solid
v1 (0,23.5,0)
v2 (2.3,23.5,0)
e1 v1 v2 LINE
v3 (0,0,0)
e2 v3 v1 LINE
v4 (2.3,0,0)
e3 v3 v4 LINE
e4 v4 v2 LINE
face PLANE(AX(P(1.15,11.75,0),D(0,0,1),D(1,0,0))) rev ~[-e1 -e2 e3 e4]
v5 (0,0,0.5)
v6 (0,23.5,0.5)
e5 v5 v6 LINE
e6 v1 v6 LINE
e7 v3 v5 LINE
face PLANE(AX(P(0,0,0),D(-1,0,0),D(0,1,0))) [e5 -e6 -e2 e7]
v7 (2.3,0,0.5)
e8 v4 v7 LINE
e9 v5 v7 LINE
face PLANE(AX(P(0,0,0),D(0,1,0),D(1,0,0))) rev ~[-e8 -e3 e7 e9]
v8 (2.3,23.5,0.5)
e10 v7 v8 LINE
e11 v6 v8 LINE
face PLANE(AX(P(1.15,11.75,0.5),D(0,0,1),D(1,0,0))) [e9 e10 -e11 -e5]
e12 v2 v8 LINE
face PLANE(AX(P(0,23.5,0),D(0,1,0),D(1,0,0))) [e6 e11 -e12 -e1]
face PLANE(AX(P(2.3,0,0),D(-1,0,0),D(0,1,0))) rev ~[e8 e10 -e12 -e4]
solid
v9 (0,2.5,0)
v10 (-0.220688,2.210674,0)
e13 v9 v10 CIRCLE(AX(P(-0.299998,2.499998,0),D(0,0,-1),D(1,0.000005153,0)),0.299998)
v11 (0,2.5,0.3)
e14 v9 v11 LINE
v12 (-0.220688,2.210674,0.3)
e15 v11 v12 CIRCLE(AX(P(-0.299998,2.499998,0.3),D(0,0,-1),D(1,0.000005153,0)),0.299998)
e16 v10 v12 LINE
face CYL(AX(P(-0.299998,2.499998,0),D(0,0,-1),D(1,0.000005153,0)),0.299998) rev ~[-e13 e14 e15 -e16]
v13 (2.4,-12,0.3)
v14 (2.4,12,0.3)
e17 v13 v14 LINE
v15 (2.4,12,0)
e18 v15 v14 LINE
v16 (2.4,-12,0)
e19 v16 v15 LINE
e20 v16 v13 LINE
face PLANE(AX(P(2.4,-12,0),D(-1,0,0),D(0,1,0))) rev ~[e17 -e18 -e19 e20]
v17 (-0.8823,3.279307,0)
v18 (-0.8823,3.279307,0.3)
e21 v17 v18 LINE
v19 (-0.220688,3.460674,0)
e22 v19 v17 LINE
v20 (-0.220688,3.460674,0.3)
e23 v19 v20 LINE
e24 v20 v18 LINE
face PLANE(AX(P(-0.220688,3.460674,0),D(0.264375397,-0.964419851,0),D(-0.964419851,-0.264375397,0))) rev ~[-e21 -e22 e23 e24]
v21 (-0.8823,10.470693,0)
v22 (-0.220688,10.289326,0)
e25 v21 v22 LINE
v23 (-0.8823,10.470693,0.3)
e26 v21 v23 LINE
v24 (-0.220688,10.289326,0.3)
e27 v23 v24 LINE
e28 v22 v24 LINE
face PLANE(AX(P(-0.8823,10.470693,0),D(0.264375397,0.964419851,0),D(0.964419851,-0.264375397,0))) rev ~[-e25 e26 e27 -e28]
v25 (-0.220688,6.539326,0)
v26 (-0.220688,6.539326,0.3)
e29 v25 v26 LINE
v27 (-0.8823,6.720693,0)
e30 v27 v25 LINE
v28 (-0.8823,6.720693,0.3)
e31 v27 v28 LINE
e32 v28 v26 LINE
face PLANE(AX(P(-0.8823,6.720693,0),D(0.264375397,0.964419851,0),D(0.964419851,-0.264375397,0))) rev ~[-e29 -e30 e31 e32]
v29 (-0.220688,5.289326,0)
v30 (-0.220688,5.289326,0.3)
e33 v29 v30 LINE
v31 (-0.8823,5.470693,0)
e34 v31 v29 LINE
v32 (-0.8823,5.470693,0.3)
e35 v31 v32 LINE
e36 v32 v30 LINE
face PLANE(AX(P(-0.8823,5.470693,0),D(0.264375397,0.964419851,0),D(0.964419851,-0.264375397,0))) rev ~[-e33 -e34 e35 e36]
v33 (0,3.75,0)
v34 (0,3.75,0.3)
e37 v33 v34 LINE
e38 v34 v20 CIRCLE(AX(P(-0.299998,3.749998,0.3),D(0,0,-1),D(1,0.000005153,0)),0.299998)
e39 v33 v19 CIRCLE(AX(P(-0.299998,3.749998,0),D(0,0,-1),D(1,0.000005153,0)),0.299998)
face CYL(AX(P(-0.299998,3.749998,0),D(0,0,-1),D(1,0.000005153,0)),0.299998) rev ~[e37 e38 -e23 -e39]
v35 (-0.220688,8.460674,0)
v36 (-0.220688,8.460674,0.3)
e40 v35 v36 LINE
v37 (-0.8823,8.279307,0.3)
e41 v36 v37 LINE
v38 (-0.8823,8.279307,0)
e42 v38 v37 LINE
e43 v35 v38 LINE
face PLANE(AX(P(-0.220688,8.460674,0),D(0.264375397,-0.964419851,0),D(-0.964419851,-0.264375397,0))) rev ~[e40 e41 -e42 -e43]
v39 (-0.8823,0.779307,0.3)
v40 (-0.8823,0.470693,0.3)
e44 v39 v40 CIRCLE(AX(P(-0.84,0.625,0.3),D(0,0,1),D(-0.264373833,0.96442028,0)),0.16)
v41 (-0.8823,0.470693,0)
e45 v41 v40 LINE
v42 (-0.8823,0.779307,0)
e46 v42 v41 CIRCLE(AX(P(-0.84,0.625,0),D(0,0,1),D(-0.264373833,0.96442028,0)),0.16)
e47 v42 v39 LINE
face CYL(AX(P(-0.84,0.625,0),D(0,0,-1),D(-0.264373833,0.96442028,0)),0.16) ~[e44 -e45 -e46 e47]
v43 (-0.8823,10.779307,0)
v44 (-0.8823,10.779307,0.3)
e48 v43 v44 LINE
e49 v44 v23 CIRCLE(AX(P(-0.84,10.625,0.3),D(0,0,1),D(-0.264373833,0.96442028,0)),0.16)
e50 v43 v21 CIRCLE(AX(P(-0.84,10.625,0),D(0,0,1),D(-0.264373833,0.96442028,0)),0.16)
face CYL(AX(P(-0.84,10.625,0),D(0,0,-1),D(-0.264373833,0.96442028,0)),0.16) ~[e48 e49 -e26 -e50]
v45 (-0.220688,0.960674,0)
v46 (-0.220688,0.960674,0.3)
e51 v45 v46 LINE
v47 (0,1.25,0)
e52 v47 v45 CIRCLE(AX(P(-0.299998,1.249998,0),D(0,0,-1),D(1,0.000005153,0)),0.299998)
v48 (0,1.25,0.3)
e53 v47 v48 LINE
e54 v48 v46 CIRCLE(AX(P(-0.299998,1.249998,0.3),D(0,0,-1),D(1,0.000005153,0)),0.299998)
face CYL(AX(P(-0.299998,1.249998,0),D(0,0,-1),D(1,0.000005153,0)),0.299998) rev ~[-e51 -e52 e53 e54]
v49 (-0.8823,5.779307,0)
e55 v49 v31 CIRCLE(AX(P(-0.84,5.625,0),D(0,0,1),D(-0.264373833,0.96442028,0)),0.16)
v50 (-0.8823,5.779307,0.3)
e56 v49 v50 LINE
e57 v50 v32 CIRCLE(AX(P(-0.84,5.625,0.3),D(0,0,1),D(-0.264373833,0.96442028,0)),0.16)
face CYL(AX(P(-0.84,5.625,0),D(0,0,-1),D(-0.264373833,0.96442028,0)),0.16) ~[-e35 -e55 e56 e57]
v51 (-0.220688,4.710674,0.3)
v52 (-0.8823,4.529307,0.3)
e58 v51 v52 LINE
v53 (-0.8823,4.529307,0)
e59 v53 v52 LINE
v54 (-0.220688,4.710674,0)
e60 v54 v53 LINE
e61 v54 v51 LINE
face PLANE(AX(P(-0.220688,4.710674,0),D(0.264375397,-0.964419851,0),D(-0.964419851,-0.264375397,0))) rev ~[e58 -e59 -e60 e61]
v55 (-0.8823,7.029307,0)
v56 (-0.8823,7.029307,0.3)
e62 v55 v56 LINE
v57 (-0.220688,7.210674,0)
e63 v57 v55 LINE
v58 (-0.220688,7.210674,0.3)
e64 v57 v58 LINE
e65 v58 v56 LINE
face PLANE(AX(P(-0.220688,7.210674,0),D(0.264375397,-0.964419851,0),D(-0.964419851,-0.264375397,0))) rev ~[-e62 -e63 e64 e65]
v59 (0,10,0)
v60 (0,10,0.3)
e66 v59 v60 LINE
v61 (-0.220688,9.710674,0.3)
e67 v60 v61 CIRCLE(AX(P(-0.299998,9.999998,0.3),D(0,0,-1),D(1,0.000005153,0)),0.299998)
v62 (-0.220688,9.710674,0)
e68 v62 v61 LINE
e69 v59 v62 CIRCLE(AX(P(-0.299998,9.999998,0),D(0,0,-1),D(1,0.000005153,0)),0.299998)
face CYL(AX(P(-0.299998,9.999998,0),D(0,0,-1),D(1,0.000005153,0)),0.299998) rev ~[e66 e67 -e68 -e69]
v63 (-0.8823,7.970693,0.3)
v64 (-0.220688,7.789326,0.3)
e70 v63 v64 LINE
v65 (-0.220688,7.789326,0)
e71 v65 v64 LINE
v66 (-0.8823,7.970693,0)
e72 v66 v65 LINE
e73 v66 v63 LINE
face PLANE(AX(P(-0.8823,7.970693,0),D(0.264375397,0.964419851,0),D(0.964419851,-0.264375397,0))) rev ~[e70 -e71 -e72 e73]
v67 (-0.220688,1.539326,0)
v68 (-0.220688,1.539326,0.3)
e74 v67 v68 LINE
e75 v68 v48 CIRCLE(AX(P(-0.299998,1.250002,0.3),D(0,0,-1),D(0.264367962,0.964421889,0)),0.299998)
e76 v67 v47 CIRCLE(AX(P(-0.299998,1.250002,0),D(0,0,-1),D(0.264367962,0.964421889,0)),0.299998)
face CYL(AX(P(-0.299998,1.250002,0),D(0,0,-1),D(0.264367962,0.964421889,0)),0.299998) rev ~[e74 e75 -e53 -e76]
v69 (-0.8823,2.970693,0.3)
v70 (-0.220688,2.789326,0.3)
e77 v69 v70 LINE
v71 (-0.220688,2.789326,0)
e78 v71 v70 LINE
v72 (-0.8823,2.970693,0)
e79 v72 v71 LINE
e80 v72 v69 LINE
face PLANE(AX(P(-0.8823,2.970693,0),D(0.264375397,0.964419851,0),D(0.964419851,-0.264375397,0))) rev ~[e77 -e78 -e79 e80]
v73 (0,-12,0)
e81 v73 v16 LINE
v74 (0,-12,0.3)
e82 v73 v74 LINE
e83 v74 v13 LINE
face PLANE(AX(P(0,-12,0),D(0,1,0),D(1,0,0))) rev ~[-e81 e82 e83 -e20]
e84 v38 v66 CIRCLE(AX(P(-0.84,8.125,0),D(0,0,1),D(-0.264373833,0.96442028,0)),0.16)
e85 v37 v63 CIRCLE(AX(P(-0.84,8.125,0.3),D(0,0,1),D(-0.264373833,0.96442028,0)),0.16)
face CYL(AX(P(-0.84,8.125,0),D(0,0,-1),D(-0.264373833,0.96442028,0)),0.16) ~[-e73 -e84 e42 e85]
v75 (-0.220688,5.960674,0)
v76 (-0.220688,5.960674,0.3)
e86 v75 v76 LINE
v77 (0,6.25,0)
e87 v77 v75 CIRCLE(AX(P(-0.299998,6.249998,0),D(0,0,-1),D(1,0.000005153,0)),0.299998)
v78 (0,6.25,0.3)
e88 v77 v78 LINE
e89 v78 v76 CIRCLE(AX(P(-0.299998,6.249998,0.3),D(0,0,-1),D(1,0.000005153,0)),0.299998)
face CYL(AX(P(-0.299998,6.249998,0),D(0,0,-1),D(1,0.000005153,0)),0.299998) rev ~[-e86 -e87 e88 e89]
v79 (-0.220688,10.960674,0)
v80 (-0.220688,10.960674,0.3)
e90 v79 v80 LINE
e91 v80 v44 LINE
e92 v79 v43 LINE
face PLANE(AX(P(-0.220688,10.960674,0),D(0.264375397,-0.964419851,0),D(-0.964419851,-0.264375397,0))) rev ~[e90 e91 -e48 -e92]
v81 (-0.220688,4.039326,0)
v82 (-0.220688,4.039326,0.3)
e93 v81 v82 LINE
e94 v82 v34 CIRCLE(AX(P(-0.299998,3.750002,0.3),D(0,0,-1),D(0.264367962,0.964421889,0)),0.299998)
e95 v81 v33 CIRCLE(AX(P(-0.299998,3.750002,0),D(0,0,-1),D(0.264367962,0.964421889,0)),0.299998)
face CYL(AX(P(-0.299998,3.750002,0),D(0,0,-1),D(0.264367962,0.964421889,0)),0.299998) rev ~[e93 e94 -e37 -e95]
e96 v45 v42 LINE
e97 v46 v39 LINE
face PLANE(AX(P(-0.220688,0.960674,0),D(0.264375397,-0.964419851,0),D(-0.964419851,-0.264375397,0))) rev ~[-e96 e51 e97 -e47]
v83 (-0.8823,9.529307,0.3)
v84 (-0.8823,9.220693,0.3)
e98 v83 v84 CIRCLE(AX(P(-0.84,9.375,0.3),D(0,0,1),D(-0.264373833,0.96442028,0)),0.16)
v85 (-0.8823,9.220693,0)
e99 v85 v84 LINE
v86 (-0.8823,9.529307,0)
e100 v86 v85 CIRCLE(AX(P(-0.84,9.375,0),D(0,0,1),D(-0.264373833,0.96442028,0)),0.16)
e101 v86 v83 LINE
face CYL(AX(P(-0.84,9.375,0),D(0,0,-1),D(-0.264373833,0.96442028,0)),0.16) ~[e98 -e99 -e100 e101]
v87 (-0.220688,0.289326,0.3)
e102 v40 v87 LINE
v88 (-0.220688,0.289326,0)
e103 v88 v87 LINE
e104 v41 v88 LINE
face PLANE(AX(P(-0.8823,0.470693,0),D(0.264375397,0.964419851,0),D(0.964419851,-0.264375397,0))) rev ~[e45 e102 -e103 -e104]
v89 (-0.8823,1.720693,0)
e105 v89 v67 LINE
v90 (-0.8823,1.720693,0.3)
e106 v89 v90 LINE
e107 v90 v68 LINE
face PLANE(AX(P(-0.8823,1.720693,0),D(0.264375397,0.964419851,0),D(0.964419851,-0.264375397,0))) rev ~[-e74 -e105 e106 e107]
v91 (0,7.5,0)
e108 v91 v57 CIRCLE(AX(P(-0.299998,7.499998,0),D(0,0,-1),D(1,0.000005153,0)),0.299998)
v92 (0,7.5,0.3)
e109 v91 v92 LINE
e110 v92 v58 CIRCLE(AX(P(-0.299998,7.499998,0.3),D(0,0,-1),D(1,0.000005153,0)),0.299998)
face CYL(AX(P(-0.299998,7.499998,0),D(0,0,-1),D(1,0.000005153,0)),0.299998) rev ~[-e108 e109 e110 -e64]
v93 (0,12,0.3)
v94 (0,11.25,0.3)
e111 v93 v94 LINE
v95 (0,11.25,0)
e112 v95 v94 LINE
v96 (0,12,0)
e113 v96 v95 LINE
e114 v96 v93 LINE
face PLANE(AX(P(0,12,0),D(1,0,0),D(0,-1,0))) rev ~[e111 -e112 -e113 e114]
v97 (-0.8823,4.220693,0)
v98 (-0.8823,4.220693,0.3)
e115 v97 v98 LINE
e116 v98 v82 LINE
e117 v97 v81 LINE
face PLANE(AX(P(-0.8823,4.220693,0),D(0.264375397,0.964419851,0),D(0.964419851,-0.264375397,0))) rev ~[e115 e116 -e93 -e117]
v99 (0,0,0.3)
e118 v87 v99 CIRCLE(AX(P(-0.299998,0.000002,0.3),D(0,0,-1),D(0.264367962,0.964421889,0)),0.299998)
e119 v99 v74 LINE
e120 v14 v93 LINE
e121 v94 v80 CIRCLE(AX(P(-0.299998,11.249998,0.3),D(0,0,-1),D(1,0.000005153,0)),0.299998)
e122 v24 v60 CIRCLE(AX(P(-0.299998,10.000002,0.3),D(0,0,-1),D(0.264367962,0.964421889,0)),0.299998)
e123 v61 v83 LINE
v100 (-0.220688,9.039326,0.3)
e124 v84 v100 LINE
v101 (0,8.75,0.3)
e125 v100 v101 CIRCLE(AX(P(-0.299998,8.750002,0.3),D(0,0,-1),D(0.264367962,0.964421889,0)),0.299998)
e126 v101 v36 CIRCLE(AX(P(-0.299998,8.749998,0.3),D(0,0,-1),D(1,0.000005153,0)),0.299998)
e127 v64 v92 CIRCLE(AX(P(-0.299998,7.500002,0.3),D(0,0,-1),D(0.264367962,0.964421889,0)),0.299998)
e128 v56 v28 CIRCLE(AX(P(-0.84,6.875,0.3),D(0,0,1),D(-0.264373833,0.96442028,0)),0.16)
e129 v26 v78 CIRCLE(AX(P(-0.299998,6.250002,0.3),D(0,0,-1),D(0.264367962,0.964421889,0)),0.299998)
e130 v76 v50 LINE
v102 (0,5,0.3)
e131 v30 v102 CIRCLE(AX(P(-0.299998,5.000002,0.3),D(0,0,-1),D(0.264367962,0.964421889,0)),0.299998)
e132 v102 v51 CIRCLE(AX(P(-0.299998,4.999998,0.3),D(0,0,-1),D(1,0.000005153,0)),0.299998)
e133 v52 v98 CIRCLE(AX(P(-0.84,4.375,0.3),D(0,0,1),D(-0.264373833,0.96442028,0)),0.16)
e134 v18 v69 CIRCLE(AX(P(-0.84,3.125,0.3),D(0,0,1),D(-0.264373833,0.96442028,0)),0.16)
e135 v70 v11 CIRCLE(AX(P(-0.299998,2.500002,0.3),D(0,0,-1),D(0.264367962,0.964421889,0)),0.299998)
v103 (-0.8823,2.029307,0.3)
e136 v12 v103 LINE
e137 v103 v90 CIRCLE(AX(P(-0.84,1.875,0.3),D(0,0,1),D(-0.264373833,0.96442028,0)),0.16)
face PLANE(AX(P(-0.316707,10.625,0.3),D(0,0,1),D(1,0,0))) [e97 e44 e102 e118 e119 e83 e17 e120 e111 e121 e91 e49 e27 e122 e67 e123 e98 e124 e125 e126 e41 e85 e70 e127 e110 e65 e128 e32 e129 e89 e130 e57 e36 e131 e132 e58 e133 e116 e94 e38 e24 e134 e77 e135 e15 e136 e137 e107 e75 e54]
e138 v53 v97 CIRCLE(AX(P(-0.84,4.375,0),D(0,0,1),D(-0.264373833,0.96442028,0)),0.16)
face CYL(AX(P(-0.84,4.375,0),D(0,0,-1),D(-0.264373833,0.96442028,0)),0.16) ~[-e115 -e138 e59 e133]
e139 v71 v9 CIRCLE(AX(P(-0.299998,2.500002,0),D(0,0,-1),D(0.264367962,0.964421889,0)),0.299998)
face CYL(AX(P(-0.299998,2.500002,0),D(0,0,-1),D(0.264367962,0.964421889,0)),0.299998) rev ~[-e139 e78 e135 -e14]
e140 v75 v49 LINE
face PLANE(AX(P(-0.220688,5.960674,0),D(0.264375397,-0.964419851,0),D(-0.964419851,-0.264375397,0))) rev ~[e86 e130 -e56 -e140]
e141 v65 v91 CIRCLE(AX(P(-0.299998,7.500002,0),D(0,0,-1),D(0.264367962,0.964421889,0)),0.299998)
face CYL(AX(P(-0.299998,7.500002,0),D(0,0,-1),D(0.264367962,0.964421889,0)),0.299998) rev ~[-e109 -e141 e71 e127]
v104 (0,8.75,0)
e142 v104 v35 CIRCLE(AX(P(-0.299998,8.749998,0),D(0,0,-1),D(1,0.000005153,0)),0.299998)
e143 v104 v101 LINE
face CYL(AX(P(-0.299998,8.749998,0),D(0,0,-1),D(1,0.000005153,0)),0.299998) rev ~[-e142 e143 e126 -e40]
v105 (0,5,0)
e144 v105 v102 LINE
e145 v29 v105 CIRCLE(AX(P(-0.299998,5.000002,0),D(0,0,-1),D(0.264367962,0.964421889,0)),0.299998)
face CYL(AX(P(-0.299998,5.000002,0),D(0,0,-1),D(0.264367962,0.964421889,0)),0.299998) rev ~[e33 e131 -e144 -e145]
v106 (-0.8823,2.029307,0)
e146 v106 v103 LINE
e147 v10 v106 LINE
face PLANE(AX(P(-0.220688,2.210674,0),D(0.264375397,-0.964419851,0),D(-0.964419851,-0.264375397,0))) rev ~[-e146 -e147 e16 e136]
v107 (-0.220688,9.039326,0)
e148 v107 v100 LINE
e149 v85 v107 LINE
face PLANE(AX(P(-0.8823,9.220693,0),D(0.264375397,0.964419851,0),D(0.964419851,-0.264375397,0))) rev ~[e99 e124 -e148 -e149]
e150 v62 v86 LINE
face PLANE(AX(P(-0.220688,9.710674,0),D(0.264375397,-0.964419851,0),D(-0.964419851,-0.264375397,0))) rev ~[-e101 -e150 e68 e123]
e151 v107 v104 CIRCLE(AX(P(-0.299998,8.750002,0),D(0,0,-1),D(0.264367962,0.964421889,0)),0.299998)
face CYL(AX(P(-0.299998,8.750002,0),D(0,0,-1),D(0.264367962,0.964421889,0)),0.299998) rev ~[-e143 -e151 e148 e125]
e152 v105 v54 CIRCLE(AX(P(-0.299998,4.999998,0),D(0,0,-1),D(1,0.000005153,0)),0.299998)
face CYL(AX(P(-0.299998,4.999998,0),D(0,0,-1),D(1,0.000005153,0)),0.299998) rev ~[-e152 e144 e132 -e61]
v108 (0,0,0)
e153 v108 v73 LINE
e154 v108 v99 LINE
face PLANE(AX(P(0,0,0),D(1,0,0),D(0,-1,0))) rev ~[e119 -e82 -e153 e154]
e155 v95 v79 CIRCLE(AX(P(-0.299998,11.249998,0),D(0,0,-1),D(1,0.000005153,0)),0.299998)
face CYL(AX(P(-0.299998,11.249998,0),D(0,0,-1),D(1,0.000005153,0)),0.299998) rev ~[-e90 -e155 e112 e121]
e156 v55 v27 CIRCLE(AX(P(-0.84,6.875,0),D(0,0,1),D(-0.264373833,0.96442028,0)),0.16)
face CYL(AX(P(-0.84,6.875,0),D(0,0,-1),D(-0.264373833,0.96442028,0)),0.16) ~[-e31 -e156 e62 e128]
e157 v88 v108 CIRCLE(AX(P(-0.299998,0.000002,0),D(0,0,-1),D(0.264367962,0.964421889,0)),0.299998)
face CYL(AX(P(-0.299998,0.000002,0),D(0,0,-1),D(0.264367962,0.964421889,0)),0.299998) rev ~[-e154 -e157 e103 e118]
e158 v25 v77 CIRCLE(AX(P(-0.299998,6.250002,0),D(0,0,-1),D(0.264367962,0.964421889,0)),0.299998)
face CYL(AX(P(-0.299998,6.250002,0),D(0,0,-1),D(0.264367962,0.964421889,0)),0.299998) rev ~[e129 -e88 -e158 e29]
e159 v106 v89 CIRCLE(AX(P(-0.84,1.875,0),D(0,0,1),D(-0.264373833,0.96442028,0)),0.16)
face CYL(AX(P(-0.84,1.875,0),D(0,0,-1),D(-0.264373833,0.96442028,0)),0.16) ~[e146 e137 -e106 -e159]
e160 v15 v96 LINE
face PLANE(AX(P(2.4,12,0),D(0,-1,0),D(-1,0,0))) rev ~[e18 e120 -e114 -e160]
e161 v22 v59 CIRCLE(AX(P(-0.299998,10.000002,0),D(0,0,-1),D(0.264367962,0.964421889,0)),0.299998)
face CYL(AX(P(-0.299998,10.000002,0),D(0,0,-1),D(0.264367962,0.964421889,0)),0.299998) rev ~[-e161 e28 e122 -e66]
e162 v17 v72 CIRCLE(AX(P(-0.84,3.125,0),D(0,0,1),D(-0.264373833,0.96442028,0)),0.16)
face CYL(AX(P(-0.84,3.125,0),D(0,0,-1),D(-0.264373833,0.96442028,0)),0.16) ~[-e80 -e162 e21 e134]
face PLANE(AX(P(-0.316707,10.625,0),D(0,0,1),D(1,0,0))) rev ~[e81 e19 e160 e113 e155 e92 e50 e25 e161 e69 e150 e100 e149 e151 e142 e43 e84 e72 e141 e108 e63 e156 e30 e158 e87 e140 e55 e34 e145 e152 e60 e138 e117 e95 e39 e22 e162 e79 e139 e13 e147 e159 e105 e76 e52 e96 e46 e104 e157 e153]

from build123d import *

# Parameters (mm, degrees)
F1_DEPTH = 0.3
F2_W     = 2.3
F2_H     = 23.5
F3_DEPTH = 0.5


with BuildPart() as f1:
    # F0 (on Top) → F1 (new body)
    with BuildSketch(Plane.XY):
        with BuildLine():
            Line((0, 10), (0, 11.25))
            ThreePointArc((0, 11.25), (-0.061469, 11.068057), (-0.220688, 10.960674))
            Line((-0.220688, 10.960674), (-0.8823, 10.779307))
            ThreePointArc((-0.8823, 10.779307), (-1, 10.625), (-0.8823, 10.470693))
            Line((-0.8823, 10.470693), (-0.220688, 10.289326))
            ThreePointArc((-0.220688, 10.289326), (-0.061469, 10.181943), (0, 10))
        make_face()
        with BuildLine():
            Line((0, 8.75), (0, 10))
            ThreePointArc((0, 10), (-0.061469, 9.818057), (-0.220688, 9.710674))
            Line((-0.220688, 9.710674), (-0.8823, 9.529307))
            ThreePointArc((-0.8823, 9.529307), (-1, 9.375), (-0.8823, 9.220693))
            Line((-0.8823, 9.220693), (-0.220688, 9.039326))
            ThreePointArc((-0.220688, 9.039326), (-0.061469, 8.931943), (0, 8.75))
        make_face()
        with BuildLine():
            Line((0, 7.5), (0, 8.75))
            ThreePointArc((0, 8.75), (-0.061469, 8.568057), (-0.220688, 8.460674))
            Line((-0.220688, 8.460674), (-0.8823, 8.279307))
            ThreePointArc((-0.8823, 8.279307), (-1, 8.125), (-0.8823, 7.970693))
            Line((-0.8823, 7.970693), (-0.220688, 7.789326))
            ThreePointArc((-0.220688, 7.789326), (-0.061469, 7.681943), (0, 7.5))
        make_face()
        with BuildLine():
            Line((0, 6.25), (0, 7.5))
            ThreePointArc((0, 7.5), (-0.061469, 7.318057), (-0.220688, 7.210674))
            Line((-0.220688, 7.210674), (-0.8823, 7.029307))
            ThreePointArc((-0.8823, 7.029307), (-1, 6.875), (-0.8823, 6.720693))
            Line((-0.8823, 6.720693), (-0.220688, 6.539326))
            ThreePointArc((-0.220688, 6.539326), (-0.061469, 6.431943), (0, 6.25))
        make_face()
        with BuildLine():
            Line((0, 5), (0, 6.25))
            ThreePointArc((0, 6.25), (-0.061469, 6.068057), (-0.220688, 5.960674))
            Line((-0.220688, 5.960674), (-0.8823, 5.779307))
            ThreePointArc((-0.8823, 5.779307), (-1, 5.625), (-0.8823, 5.470693))
            Line((-0.8823, 5.470693), (-0.220688, 5.289326))
            ThreePointArc((-0.220688, 5.289326), (-0.061469, 5.181943), (0, 5))
        make_face()
        with BuildLine():
            Line((0, 3.75), (0, 5))
            ThreePointArc((0, 5), (-0.061469, 4.818057), (-0.220688, 4.710674))
            Line((-0.220688, 4.710674), (-0.8823, 4.529307))
            ThreePointArc((-0.8823, 4.529307), (-1, 4.375), (-0.8823, 4.220693))
            Line((-0.8823, 4.220693), (-0.220688, 4.039326))
            ThreePointArc((-0.220688, 4.039326), (-0.061469, 3.931943), (0, 3.75))
        make_face()
        with BuildLine():
            ThreePointArc((-0.220688, 2.789326), (-0.061469, 2.681943), (0, 2.5))
            Line((0, 2.5), (0, 3.75))
            ThreePointArc((0, 3.75), (-0.061469, 3.568057), (-0.220688, 3.460674))
            Line((-0.220688, 3.460674), (-0.8823, 3.279307))
            ThreePointArc((-0.8823, 3.279307), (-1, 3.125), (-0.8823, 2.970693))
            Line((-0.8823, 2.970693), (-0.220688, 2.789326))
        make_face()
        with BuildLine():
            ThreePointArc((-0.220688, 1.539326), (-0.061469, 1.431943), (0, 1.25))
            Line((0, 1.25), (0, 2.5))
            ThreePointArc((0, 2.5), (-0.061469, 2.318057), (-0.220688, 2.210674))
            Line((-0.220688, 2.210674), (-0.8823, 2.029307))
            ThreePointArc((-0.8823, 2.029307), (-1, 1.875), (-0.8823, 1.720693))
            Line((-0.8823, 1.720693), (-0.220688, 1.539326))
        make_face()
        with BuildLine():
            ThreePointArc((-0.220688, 0.289326), (-0.061469, 0.181943), (0, 0))
            Line((0, 0), (0, 1.25))
            ThreePointArc((0, 1.25), (-0.061469, 1.068057), (-0.220688, 0.960674))
            Line((-0.220688, 0.960674), (-0.8823, 0.779307))
            ThreePointArc((-0.8823, 0.779307), (-1, 0.625), (-0.8823, 0.470693))
            Line((-0.8823, 0.470693), (-0.220688, 0.289326))
        make_face()
        Polygon((2.4, 12), (0, 12), (0, 11.25), (0, 10), (0, 8.75), (0, 7.5), (0, 6.25), (0, 5), (0, 3.75), (0, 2.5), (0, 1.25), (0, 0), (0, -12), (2.4, -12), align=None)
    extrude(amount=F1_DEPTH)


with BuildPart() as f3:
    # F2 (on Top) → F3 (new body)
    with BuildSketch(Plane.XY):
        with Locations((1.15, 11.75)):
            Rectangle(F2_W, F2_H)
    extrude(amount=F3_DEPTH)


solid = Compound([f1.part, f3.part])
